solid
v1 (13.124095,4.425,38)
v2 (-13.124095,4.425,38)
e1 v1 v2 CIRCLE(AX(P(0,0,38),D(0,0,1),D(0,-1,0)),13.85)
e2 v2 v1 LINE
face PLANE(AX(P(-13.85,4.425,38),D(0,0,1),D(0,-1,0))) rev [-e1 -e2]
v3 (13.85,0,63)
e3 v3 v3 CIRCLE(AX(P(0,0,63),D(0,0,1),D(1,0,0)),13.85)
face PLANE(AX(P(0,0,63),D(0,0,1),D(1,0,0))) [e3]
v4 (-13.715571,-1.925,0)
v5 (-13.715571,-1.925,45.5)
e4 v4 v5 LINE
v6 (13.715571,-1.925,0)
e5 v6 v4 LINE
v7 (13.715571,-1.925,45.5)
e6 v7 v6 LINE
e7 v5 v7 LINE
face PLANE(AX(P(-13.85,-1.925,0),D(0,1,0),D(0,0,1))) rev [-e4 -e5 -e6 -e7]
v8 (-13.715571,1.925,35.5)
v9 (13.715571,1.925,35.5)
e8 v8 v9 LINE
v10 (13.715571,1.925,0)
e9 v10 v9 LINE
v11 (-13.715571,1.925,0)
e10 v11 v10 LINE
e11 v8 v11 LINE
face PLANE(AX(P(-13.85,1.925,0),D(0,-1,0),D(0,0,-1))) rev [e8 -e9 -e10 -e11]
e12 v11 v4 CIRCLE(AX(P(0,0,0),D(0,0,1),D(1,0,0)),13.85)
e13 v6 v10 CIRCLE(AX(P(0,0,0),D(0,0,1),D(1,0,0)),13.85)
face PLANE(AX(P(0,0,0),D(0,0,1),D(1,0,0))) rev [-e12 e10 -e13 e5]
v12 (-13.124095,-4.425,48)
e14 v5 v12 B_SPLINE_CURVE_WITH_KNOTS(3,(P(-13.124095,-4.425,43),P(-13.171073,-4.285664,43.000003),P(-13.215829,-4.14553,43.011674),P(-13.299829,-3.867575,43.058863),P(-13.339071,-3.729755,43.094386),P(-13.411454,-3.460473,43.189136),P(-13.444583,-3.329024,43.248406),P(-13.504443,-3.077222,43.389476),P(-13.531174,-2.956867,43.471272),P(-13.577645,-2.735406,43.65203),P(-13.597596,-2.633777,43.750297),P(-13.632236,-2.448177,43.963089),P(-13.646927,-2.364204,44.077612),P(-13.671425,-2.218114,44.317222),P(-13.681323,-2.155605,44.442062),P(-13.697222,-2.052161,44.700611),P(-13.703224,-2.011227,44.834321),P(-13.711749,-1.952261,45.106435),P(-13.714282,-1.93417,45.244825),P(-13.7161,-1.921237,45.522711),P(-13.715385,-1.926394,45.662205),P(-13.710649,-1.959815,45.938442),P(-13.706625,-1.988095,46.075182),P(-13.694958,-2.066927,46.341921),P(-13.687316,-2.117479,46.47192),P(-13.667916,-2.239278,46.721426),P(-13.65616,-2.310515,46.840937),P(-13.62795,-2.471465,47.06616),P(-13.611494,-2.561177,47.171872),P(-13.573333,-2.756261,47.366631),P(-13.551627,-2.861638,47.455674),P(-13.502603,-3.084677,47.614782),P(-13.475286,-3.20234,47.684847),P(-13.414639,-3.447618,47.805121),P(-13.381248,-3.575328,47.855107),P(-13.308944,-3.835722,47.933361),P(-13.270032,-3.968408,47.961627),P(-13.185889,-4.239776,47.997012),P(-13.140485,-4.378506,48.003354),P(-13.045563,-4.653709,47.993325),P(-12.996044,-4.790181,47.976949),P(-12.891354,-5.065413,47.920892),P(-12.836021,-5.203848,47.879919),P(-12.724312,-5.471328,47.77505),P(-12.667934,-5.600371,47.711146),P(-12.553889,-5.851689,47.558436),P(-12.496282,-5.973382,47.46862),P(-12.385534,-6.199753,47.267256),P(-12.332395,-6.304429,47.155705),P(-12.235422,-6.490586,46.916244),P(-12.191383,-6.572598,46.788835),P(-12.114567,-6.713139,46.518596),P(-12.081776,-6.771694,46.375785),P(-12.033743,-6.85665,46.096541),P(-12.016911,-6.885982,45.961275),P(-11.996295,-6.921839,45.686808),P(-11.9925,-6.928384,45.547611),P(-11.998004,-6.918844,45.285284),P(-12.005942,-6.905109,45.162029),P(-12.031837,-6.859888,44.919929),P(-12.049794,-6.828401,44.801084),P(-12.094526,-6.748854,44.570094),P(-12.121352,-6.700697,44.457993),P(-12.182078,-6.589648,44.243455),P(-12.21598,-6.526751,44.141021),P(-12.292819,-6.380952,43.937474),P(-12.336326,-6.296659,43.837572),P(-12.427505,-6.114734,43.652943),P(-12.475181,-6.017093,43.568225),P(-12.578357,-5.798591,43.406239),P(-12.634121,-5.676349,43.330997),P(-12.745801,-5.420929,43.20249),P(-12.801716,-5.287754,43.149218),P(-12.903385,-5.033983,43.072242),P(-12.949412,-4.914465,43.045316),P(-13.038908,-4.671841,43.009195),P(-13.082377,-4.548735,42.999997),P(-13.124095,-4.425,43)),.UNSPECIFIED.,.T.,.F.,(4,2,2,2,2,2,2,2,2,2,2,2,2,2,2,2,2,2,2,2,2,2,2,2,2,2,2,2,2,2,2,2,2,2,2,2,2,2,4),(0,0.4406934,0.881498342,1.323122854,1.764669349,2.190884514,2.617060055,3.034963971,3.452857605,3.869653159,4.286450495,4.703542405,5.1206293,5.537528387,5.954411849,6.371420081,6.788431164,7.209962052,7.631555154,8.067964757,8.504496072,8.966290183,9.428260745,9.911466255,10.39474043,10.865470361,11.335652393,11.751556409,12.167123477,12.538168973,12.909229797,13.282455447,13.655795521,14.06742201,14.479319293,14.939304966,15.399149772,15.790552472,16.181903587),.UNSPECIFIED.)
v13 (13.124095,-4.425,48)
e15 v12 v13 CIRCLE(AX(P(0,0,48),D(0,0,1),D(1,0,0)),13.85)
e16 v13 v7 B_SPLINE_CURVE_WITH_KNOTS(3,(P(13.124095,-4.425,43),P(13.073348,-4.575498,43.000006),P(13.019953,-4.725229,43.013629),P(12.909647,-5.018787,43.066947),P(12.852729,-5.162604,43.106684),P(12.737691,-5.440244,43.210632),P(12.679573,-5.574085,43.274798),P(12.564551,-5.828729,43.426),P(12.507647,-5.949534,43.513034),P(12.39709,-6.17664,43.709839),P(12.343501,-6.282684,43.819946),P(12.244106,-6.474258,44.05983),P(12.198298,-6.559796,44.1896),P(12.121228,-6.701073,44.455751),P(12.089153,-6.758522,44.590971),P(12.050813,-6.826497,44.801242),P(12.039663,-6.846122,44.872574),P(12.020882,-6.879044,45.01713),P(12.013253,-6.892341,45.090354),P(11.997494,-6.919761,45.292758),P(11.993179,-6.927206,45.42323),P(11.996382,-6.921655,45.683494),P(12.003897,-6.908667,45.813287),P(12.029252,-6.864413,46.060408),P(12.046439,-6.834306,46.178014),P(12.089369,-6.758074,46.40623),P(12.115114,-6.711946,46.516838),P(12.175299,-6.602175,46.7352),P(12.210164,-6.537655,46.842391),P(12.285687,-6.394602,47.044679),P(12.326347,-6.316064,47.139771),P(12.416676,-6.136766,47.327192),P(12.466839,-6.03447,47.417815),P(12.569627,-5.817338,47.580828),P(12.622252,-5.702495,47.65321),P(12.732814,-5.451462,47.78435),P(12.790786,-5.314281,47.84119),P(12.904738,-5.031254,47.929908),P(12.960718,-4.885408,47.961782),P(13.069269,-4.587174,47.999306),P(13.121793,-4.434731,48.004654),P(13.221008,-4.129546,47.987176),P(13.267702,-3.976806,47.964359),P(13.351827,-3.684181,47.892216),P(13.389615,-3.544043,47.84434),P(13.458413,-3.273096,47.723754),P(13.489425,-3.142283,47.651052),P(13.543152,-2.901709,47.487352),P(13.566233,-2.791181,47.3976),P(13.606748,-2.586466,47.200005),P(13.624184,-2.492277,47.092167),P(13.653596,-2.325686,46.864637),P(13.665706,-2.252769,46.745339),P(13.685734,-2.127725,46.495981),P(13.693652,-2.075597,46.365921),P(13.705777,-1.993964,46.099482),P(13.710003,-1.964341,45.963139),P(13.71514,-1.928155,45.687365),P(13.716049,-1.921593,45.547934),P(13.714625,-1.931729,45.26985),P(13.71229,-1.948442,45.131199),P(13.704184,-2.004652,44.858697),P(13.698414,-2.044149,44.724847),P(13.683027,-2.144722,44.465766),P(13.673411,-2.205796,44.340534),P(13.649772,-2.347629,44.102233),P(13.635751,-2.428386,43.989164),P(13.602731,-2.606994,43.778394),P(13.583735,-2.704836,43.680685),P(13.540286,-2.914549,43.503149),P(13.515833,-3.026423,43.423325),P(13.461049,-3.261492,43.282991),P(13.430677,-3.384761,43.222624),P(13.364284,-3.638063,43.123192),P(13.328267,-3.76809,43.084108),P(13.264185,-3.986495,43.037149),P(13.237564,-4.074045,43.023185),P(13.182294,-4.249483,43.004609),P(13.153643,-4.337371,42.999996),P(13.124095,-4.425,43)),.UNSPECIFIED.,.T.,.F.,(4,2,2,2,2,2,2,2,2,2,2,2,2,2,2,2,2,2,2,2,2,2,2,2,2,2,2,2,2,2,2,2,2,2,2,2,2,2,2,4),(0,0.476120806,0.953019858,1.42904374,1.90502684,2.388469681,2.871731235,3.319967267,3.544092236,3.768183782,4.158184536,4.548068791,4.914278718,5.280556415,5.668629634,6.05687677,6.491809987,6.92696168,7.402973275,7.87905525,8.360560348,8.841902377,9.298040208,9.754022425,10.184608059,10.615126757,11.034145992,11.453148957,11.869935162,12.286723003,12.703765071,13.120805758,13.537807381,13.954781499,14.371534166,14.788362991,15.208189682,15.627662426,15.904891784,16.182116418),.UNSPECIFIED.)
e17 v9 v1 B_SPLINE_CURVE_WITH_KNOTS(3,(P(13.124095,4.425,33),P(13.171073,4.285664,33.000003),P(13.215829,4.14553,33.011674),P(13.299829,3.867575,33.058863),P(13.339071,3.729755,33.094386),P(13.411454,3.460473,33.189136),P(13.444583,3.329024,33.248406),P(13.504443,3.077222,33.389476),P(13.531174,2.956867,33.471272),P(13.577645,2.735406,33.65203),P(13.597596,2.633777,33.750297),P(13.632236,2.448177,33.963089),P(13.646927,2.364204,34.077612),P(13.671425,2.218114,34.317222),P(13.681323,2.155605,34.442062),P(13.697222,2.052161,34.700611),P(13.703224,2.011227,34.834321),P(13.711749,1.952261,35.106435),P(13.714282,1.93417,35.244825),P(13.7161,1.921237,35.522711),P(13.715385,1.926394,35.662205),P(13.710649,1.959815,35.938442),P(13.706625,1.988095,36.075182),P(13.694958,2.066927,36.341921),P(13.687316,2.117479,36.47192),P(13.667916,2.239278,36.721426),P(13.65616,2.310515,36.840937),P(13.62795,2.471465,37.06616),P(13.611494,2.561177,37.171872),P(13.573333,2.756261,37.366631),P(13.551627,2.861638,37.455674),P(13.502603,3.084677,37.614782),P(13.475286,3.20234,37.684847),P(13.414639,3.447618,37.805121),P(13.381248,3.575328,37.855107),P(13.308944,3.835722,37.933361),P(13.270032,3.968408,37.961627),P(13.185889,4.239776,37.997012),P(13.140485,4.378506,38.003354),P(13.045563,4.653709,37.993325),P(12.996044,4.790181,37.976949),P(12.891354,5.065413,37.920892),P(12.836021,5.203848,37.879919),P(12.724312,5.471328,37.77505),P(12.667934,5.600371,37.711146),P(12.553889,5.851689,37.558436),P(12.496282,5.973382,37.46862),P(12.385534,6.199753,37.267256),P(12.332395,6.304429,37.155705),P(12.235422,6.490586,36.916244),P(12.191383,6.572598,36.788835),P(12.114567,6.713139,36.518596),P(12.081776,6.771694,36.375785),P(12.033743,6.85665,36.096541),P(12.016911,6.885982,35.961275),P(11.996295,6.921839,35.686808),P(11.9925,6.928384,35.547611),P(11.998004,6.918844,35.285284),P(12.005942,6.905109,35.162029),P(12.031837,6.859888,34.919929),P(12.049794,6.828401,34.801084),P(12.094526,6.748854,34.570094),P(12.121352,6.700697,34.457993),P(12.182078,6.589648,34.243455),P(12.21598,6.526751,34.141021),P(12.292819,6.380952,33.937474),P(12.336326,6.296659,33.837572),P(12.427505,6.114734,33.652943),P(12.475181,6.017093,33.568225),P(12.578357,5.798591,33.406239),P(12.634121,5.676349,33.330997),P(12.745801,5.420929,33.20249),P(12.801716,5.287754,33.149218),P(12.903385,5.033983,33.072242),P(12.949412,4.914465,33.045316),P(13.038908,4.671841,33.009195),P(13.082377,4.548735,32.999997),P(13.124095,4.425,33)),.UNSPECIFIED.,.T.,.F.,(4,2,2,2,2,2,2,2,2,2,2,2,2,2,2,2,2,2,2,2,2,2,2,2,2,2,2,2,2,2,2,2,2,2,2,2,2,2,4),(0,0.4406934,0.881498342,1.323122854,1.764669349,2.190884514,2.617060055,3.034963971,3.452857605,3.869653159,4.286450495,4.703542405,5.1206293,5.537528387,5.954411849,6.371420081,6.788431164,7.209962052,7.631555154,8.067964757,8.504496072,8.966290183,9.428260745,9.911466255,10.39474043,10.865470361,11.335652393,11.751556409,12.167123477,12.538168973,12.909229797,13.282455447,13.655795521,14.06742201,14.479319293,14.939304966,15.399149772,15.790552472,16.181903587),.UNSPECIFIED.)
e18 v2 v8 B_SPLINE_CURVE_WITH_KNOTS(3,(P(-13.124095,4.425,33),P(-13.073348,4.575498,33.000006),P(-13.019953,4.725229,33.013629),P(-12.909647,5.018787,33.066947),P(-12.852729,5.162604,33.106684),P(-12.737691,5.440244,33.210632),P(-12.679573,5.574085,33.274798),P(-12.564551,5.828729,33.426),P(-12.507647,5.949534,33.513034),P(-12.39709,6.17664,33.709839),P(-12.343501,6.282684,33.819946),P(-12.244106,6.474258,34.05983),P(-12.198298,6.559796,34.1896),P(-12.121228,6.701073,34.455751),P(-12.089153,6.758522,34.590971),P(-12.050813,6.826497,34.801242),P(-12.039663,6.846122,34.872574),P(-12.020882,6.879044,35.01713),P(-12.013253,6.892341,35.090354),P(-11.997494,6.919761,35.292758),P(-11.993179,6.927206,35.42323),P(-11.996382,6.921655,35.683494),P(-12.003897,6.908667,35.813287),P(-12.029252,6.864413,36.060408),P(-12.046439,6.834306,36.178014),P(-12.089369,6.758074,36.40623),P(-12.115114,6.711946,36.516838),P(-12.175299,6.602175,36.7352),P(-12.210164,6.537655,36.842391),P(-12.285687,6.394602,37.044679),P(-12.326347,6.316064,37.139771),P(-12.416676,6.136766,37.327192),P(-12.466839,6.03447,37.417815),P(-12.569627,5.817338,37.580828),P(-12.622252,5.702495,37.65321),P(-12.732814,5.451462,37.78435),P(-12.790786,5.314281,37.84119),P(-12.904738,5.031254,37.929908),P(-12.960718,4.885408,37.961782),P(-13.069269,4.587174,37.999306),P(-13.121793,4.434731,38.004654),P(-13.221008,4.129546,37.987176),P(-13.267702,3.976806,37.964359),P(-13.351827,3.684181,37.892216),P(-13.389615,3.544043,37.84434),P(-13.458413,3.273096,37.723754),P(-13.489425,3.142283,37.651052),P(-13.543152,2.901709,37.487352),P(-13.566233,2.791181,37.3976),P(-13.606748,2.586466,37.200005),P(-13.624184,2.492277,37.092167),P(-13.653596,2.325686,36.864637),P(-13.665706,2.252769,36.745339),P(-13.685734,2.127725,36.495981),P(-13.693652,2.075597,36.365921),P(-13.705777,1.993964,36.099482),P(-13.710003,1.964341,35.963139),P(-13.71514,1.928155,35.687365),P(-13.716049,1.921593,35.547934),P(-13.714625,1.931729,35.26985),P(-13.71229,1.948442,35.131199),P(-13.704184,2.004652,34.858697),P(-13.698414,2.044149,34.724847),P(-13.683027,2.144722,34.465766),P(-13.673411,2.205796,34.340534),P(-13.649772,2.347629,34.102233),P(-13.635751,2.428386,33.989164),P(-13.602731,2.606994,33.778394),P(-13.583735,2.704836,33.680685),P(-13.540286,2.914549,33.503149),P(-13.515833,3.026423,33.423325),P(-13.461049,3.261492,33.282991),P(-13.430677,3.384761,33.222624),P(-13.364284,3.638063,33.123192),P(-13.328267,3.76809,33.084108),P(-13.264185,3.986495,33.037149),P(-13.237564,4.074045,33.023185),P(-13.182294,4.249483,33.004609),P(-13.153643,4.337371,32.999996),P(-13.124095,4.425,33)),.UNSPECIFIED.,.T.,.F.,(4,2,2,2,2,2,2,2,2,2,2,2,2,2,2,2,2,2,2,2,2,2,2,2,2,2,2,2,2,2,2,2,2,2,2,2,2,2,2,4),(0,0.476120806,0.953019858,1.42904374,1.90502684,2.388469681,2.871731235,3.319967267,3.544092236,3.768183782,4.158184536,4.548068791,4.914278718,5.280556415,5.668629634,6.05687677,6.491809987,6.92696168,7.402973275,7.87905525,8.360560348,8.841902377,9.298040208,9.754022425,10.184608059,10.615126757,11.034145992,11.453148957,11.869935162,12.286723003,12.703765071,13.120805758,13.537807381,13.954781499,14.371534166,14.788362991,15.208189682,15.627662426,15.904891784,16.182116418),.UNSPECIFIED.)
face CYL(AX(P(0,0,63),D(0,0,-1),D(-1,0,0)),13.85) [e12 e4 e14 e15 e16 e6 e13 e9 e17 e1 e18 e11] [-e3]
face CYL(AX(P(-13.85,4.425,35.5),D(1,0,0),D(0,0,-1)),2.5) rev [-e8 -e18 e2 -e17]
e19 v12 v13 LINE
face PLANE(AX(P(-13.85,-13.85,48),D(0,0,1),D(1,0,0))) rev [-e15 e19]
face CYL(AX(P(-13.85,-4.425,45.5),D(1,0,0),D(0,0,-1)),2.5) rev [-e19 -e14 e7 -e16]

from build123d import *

# Parameters (mm, degrees)
SKETCH1_R               = 13.85
BOSS_EXTRUDE1_DEPTH     = 63
CUT_EXTRUDE1_DEPTH      = 66.974578437
CUT_EXTRUDE1_DEPTH_BACK = 66.974578437


with BuildPart() as part:
    # Sketch1 → Boss-Extrude1 (new body)
    with BuildSketch(Plane.XY):
        Circle(SKETCH1_R)
    extrude(amount=BOSS_EXTRUDE1_DEPTH)

    # Sketch3 → Cut-Extrude1 (cut, two sides: drawn at the far end of the back side and taken through both)
    with BuildSketch(Plane(origin=(0, 0, 0), x_dir=(0, 0, -1), z_dir=(1, 0, 0)).offset(-CUT_EXTRUDE1_DEPTH_BACK)):
        with BuildLine():
            Line((0, 1.925), (-35.5, 1.925))
            ThreePointArc((-35.5, 1.925), (-37.267766953, 2.657233047), (-38, 4.425))
            Line((-38, 4.425), (-38, 13.85))
            Line((-38, 13.85), (0, 13.85))
            Line((0, 13.85), (0, 1.925))
        make_face()
        with BuildLine():
            Line((0, -1.925), (-45.5, -1.925))
            ThreePointArc((-45.5, -1.925), (-47.267766953, -2.657233047), (-48, -4.425))
            Line((-48, -4.425), (-48, -13.85))
            Line((-48, -13.85), (0, -13.85))
            Line((0, -13.85), (0, -1.925))
        make_face()
    extrude(amount=CUT_EXTRUDE1_DEPTH + CUT_EXTRUDE1_DEPTH_BACK, mode=Mode.SUBTRACT)


solid = part.part
